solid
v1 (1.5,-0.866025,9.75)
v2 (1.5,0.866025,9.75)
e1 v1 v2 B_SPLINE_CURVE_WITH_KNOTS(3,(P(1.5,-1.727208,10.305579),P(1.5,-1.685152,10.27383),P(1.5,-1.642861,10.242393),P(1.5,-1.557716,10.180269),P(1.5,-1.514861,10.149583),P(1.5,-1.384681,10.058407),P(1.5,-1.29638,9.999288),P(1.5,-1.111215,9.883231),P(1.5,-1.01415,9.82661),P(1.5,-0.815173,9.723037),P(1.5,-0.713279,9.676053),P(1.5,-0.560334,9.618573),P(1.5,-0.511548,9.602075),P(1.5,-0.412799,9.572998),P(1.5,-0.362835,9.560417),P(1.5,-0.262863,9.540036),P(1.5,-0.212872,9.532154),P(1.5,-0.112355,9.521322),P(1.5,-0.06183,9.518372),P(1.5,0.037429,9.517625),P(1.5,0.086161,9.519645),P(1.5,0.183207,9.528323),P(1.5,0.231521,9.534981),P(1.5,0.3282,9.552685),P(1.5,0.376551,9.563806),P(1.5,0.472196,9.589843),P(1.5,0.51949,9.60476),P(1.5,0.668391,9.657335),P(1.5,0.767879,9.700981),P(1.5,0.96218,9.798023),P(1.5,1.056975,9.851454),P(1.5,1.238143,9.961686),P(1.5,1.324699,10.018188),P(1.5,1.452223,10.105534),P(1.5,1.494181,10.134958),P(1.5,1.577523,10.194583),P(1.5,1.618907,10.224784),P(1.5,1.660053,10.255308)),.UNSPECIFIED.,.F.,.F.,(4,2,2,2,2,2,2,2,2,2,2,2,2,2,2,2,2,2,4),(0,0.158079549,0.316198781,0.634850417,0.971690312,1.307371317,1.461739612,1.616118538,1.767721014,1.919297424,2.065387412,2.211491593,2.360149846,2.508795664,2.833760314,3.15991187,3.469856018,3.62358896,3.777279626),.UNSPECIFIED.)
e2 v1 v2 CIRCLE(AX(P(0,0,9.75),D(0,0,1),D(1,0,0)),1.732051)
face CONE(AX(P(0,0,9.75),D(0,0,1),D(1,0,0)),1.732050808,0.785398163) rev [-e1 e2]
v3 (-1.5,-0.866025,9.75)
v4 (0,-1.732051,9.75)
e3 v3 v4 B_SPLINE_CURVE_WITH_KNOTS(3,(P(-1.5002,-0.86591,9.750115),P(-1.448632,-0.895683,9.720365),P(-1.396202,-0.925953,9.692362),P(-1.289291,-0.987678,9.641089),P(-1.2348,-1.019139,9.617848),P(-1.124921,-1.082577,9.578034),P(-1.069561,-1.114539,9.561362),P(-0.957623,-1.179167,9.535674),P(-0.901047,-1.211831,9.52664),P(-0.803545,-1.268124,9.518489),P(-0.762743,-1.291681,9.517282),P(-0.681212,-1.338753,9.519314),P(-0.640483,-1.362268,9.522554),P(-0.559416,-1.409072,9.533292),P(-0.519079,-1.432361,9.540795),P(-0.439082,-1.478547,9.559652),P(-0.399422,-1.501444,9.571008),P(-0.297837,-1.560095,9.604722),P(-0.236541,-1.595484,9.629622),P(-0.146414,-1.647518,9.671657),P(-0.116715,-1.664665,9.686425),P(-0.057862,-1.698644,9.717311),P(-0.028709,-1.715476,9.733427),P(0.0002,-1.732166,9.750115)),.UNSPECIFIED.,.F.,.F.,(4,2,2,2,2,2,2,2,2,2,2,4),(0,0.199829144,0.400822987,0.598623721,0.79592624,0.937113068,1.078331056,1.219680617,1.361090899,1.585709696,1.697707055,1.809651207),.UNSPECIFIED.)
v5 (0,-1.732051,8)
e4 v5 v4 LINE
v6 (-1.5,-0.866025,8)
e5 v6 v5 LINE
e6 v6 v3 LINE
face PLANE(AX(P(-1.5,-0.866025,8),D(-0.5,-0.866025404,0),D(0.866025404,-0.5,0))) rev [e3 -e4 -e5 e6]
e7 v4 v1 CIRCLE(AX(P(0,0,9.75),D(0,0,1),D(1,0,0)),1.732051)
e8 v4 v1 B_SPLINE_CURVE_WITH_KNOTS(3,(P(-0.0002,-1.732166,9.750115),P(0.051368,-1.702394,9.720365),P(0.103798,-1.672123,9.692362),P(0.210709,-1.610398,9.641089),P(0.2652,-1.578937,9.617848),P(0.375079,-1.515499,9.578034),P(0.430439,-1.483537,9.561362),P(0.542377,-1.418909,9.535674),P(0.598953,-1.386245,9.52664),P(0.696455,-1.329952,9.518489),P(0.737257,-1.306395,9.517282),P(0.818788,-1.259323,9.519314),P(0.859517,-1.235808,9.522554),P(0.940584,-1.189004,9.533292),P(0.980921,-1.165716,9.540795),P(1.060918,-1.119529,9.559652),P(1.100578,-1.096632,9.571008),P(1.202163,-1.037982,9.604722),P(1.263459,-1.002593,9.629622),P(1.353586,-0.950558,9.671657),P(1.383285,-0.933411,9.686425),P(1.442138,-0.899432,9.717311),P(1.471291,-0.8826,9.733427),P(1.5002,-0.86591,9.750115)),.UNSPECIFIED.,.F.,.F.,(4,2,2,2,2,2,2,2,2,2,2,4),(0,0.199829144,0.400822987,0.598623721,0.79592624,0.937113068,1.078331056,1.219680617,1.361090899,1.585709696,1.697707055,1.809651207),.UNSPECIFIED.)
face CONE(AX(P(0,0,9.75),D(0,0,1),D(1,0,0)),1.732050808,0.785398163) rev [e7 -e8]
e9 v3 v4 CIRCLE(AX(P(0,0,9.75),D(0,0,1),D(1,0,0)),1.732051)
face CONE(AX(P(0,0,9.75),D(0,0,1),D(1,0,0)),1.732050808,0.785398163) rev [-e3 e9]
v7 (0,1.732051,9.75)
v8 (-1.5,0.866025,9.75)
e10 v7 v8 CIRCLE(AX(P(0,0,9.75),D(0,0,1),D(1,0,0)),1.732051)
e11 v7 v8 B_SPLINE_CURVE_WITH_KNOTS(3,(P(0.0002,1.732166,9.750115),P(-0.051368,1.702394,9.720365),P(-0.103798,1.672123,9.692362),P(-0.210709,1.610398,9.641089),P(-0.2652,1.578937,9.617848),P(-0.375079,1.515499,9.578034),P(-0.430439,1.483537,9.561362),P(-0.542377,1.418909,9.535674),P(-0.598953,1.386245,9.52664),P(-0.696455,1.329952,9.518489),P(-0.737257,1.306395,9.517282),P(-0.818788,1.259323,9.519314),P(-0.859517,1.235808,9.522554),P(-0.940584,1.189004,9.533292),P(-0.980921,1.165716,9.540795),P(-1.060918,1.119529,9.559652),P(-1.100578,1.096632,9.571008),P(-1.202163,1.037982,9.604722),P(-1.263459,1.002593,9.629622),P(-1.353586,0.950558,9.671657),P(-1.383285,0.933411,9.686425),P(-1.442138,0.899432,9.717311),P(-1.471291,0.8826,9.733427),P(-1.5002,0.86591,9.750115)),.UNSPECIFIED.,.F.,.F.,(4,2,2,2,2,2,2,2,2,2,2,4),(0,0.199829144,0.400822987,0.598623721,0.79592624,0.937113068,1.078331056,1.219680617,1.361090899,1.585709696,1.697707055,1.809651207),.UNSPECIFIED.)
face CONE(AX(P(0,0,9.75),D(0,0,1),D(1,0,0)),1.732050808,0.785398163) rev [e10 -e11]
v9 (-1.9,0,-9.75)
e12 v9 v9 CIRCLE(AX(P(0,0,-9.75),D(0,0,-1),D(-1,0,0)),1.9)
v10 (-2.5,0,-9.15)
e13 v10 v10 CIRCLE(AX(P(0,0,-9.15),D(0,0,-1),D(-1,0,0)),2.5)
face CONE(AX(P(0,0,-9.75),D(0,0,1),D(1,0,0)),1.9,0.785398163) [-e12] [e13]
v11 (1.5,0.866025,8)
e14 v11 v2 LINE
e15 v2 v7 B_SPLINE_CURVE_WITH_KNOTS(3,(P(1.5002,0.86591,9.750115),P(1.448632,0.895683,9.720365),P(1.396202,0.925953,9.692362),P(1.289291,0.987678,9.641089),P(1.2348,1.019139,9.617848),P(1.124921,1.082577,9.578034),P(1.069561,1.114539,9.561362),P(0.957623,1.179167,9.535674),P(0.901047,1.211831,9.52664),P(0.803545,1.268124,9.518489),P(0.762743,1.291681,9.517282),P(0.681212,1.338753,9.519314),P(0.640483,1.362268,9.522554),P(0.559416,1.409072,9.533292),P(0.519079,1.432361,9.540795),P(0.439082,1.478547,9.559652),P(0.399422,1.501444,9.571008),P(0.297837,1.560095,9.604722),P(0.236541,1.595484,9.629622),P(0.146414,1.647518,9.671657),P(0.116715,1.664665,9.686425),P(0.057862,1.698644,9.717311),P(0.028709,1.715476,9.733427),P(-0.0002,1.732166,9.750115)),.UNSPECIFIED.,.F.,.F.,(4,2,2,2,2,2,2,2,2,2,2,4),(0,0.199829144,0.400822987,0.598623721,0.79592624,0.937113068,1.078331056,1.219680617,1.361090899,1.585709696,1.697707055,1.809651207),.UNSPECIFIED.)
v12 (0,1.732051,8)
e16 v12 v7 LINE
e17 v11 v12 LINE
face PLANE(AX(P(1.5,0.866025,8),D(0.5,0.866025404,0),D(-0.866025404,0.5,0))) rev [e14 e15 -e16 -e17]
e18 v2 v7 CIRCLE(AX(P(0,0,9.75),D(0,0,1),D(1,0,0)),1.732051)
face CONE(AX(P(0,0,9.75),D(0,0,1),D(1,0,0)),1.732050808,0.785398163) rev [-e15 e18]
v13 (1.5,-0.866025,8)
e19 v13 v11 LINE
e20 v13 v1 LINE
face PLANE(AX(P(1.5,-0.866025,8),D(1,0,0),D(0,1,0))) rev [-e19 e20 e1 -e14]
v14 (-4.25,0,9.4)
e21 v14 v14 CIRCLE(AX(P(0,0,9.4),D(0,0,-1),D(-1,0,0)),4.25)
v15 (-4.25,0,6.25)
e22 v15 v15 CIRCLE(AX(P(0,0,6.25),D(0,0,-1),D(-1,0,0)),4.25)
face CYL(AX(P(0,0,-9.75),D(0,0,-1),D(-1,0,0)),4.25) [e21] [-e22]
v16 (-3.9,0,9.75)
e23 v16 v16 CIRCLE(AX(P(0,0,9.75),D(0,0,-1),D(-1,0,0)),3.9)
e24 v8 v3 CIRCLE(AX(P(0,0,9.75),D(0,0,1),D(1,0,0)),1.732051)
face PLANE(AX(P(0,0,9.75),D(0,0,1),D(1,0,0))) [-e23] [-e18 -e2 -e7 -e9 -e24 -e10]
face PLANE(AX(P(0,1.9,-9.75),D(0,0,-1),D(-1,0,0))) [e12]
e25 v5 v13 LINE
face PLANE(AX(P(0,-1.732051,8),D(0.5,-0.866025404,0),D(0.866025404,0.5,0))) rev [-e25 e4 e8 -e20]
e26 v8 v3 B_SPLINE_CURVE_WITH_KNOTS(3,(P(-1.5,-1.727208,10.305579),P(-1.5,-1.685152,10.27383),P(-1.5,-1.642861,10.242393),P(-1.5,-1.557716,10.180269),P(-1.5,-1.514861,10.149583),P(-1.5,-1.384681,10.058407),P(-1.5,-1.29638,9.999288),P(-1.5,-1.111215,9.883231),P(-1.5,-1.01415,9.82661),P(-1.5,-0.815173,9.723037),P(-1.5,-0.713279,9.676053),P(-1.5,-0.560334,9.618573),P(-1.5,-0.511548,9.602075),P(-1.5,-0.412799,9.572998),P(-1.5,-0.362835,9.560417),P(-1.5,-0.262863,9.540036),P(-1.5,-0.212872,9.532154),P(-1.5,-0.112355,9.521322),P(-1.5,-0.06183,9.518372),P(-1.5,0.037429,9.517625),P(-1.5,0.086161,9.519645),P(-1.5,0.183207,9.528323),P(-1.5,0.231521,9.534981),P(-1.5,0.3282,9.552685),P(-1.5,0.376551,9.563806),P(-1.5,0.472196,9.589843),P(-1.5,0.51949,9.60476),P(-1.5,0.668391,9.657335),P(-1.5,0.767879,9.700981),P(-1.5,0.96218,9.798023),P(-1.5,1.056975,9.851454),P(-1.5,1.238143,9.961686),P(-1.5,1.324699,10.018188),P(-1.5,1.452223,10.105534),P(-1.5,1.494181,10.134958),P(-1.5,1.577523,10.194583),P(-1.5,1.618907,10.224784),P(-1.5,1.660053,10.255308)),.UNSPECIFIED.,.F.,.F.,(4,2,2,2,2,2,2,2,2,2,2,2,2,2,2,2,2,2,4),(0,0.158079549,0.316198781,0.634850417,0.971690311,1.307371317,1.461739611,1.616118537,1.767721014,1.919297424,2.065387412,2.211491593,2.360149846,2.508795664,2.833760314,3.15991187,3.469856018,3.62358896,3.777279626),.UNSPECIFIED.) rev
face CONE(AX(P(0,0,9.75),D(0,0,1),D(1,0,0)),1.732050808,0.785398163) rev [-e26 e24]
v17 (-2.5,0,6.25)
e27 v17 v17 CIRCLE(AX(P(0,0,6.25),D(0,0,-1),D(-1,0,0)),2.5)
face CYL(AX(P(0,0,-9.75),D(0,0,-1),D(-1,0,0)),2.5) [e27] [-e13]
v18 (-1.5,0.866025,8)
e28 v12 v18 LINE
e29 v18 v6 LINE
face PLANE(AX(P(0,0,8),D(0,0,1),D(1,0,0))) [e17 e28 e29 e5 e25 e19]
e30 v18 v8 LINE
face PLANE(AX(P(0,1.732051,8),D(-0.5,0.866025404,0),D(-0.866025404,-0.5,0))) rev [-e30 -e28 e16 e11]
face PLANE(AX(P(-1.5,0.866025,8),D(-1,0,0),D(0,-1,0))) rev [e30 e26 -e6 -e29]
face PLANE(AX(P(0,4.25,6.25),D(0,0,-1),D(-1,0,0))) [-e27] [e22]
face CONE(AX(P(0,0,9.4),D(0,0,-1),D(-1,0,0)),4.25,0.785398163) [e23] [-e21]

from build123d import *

# Parameters (mm, degrees)
CUT_EXTRUDE1_DEPTH = 1.75


with BuildPart() as part:
    # Sketch2 → Revolve1 (revolve)
    with BuildSketch(Plane(origin=(0, 0, 0), x_dir=(0, 0, -1), z_dir=(1, 0, 0)), mode=Mode.PRIVATE) as revolve1_sk:
        Polygon((-9.75, 0), (-9.75, 3.9), (-9.4, 4.25), (-6.25, 4.25), (-6.25, 2.5), (9.15, 2.5), (9.75, 1.9), (9.75, 0), align=None)
    revolve(revolve1_sk.sketch.rotate(Axis((0, 0, -9.75), (0, 0, 1)), 90), axis=Axis((0, 0, -9.75), (0, 0, 1)))

    # Sketch4 → Cut-Extrude1 (cut)
    with BuildSketch(Plane.XY.offset(9.75)):
        Polygon((1.5, -0.866025404), (1.5, 0.866025404), (0, 1.732050808), (-1.5, 0.866025404), (-1.5, -0.866025404), (0, -1.732050808), align=None)
    extrude(amount=-CUT_EXTRUDE1_DEPTH, mode=Mode.SUBTRACT)

    # Cut-Extrude2 cone 1 section (through the dimple's axis) → Cut-Extrude2 (revolve, cut)
    with BuildSketch(Plane(origin=(0, 0, 9.75), x_dir=(0, -1, 0), z_dir=(1, 0, 0))):
        Polygon((0, 0), (1.732050808, 0), (0, 1.732050808), align=None)
    revolve(axis=Axis((0, 0, 9.75), (0, 0, -1)), mode=Mode.SUBTRACT)


solid = part.part
